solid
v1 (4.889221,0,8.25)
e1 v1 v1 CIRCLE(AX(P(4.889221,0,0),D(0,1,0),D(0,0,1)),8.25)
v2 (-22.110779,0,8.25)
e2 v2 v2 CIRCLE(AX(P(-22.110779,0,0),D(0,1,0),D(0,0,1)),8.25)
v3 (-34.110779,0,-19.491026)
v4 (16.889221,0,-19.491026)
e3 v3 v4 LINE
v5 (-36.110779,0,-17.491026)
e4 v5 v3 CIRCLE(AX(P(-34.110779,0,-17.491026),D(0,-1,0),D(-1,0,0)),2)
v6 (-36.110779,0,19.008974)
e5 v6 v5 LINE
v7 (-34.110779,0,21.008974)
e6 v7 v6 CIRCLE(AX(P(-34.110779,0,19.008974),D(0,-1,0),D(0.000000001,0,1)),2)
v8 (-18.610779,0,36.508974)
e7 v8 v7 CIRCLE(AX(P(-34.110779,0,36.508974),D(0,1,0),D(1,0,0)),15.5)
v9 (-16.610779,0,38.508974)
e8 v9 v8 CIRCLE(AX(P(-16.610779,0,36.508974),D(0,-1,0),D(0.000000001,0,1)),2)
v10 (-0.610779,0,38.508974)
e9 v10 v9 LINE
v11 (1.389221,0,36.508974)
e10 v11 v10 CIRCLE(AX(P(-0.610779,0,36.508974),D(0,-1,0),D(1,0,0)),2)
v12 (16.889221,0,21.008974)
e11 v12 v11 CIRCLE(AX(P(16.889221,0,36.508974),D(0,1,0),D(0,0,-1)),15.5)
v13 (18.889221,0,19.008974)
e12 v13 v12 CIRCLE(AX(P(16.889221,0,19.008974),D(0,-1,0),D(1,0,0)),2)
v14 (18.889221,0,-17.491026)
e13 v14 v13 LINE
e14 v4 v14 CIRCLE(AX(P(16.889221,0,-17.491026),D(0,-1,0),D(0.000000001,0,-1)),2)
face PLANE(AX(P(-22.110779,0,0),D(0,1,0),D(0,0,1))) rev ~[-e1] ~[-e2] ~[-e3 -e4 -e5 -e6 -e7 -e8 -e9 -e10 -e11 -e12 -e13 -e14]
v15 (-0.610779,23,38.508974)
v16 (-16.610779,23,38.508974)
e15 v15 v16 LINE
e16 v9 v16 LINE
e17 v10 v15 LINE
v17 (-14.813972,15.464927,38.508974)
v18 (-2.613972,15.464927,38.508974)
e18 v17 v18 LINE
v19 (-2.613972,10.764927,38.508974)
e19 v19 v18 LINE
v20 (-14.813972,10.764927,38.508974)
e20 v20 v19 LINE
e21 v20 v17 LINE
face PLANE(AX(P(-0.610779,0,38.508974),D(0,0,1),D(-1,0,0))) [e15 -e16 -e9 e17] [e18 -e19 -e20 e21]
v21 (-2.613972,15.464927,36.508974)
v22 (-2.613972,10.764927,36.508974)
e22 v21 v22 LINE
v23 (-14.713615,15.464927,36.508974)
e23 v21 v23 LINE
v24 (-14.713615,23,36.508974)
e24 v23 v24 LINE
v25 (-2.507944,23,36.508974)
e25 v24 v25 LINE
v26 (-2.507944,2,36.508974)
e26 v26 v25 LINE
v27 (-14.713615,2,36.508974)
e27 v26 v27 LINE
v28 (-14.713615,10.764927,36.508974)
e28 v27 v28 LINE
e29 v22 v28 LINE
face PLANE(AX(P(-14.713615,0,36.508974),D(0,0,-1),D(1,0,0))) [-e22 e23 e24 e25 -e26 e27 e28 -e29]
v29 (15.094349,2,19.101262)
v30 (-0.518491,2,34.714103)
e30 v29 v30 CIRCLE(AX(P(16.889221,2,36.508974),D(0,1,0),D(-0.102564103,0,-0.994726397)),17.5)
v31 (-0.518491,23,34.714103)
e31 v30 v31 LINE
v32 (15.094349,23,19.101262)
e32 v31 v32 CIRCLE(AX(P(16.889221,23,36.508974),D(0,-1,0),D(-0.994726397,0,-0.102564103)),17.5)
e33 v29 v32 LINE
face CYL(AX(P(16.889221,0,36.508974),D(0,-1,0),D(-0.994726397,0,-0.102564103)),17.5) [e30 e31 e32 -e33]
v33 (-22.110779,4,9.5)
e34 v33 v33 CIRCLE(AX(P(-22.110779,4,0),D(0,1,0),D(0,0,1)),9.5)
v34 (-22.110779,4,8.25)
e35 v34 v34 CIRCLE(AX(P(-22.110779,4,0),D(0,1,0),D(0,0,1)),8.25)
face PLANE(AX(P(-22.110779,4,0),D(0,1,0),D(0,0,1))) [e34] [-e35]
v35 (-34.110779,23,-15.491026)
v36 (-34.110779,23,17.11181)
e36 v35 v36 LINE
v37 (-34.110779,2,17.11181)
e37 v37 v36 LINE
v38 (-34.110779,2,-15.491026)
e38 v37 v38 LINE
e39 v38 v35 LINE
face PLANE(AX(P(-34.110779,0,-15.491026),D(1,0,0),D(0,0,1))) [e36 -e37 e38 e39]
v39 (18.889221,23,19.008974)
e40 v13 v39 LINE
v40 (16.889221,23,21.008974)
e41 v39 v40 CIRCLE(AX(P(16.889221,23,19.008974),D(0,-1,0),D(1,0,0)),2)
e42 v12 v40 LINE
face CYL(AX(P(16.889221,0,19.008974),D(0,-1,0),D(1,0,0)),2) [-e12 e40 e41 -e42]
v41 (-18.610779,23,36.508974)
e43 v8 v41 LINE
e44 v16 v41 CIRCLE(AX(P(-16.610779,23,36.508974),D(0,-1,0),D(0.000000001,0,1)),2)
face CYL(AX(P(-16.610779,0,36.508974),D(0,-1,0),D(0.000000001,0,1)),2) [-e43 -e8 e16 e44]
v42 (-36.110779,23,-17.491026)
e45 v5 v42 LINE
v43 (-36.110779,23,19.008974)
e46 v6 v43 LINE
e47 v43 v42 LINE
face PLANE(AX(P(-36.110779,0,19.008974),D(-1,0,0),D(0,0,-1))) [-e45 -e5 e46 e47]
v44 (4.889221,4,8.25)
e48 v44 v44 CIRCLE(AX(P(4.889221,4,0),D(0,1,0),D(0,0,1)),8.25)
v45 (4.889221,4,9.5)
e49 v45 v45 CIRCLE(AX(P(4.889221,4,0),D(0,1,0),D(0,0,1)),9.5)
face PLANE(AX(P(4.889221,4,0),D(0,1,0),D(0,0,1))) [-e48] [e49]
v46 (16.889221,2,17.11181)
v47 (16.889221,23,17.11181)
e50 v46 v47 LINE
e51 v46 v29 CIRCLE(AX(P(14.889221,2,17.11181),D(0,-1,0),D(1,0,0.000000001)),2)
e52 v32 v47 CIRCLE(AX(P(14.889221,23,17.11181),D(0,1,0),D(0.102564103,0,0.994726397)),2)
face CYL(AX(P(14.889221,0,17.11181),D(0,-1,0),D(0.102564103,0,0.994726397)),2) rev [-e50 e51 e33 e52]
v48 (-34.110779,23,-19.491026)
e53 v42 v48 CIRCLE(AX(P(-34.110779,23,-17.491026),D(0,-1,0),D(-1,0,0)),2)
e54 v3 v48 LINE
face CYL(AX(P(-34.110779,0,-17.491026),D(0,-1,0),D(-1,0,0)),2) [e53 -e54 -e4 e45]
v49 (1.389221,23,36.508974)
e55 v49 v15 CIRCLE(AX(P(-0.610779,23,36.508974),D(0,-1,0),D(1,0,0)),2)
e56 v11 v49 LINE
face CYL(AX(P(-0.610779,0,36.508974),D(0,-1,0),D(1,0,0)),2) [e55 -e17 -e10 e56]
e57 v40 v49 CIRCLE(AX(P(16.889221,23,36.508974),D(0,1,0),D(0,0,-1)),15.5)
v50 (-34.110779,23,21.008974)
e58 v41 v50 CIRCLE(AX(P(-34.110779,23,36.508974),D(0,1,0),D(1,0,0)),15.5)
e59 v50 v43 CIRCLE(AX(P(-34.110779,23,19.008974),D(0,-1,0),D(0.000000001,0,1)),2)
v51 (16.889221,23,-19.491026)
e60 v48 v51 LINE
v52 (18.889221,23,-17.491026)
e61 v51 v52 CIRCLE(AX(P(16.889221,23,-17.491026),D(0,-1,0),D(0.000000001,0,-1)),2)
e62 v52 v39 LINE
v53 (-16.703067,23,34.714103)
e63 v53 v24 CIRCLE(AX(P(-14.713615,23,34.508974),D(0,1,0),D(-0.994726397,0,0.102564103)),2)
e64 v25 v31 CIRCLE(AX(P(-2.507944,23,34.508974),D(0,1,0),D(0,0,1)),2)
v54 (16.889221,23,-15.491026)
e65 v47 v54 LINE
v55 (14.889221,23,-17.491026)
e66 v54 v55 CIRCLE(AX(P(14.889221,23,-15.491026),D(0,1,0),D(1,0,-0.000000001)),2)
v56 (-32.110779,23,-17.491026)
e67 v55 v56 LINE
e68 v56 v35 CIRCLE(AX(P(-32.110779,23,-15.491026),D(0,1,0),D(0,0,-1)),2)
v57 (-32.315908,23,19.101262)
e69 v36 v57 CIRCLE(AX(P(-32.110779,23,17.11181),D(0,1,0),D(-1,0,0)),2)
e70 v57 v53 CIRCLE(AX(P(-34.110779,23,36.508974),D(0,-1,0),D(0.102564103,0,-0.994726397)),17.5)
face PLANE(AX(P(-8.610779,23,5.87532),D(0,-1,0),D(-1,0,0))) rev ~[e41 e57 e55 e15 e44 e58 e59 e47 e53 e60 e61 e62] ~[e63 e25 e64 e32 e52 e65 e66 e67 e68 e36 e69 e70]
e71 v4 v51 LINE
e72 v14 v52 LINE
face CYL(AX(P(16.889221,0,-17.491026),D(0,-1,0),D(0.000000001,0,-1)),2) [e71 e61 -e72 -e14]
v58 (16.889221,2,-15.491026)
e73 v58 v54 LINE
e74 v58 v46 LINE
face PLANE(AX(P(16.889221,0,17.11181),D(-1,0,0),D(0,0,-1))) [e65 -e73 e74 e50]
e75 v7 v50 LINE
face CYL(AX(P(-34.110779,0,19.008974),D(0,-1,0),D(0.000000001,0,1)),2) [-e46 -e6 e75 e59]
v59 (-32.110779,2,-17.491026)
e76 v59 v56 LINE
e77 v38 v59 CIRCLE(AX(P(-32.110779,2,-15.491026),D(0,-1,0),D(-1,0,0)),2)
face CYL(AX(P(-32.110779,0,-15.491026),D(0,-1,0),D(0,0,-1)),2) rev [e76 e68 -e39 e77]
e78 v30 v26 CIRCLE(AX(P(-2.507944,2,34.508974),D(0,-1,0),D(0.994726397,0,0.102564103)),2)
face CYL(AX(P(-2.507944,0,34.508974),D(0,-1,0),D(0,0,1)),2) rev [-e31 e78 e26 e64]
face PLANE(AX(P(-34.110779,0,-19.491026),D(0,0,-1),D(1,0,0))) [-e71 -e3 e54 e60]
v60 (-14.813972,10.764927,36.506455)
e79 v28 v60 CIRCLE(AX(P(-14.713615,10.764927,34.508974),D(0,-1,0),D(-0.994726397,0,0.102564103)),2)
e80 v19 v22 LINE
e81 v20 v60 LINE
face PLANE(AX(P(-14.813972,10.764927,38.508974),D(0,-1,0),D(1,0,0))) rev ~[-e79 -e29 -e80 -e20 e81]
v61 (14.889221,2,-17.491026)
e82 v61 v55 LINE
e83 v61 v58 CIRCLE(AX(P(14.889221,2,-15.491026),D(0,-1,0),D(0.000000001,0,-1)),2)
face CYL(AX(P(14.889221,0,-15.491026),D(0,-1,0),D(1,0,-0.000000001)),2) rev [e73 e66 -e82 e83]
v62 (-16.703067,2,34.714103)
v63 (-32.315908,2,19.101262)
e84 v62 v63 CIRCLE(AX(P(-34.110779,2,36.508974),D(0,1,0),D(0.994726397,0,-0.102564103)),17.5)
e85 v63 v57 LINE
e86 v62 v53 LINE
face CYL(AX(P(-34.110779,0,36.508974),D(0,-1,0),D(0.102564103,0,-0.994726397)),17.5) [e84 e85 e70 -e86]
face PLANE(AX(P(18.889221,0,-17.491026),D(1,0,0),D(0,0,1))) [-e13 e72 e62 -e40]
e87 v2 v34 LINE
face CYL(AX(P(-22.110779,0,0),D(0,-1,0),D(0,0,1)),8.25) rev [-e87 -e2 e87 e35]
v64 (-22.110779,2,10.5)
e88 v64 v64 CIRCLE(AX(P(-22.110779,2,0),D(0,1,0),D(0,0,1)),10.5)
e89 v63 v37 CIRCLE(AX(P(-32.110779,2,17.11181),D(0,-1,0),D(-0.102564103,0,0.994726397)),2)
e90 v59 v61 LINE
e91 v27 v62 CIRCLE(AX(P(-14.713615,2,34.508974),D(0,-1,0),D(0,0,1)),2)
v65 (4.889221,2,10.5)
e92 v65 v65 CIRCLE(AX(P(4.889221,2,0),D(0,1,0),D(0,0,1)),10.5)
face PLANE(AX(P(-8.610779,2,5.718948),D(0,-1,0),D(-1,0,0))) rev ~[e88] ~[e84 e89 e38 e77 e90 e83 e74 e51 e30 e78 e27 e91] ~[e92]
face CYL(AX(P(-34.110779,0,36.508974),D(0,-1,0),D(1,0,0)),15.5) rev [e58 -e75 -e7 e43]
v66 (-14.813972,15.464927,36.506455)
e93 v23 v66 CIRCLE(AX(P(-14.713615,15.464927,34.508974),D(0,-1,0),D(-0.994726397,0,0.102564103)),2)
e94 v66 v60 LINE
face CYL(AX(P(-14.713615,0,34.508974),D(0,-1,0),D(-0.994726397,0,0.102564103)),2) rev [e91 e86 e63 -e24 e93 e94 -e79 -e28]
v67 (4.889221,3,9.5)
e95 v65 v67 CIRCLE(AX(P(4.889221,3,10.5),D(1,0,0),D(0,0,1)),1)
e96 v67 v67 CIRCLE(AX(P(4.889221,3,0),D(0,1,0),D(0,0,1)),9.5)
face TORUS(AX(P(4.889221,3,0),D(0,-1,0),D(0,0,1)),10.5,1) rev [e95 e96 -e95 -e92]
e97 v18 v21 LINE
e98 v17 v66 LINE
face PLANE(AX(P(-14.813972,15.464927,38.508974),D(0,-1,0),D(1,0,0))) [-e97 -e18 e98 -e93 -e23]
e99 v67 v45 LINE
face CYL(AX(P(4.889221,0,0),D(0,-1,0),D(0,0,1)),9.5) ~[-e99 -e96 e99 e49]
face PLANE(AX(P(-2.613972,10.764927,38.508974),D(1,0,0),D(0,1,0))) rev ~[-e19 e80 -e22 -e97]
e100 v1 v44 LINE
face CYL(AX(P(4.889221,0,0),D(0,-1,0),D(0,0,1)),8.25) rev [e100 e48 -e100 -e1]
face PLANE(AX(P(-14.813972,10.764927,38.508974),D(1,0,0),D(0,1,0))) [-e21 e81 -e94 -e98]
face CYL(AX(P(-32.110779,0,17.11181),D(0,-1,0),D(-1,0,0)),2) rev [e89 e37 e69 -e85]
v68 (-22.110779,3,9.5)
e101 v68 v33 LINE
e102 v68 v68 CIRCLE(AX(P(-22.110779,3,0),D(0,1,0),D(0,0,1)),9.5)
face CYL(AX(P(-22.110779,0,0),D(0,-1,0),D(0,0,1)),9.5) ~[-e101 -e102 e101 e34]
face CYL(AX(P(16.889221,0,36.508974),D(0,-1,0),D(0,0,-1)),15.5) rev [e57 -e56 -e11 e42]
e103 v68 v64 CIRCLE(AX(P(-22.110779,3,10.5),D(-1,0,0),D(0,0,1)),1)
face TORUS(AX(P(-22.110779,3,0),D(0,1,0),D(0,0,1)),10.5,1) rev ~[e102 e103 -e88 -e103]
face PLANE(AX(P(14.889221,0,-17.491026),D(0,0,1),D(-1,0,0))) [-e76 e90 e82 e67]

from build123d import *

# Parameters (mm, degrees)
SALIENTE_EXTRUIR1_DEPTH = 23
CROQUIS1_4_R            = 9.5
SALIENTE_EXTRUIR2_DEPTH = 2
CROQUIS1_6_R            = 9.5
CROQUIS1_6_R_2          = 8.25
SALIENTE_EXTRUIR3_DEPTH = 4
CROQUIS2_W              = 12.2
CROQUIS2_H              = 4.7
CORTAR_EXTRUIR4_DEPTH   = 4
REDONDEO1_R             = 1
REDONDEO2_R             = 1


with BuildPart() as part:
    # Croquis1 → Saliente-Extruir1 (new body)
    with BuildSketch(Plane(origin=(0, 0, 0), x_dir=(1, 0, 0), z_dir=(0, 1, 0))):
        with BuildLine():
            Line((16.889220689, 19.491025662), (-34.110779311, 19.491025662))
            ThreePointArc((-34.110779311, 19.491025662), (-35.524992874, 18.905239224), (-36.110779311, 17.491025662))
            Line((-36.110779311, 17.491025662), (-36.110779311, -19.008974338))
            ThreePointArc((-36.110779311, -19.008974338), (-35.524992874, -20.423187901), (-34.110779311, -21.008974338))
            ThreePointArc((-34.110779311, -21.008974338), (-23.150624203, -25.54881923), (-18.610779311, -36.508974338))
            ThreePointArc((-18.610779311, -36.508974338), (-18.024992874, -37.923187901), (-16.610779311, -38.508974338))
            Line((-16.610779311, -38.508974338), (-0.610779311, -38.508974338))
            ThreePointArc((-0.610779311, -38.508974338), (0.803434251, -37.923187901), (1.389220689, -36.508974338))
            ThreePointArc((1.389220689, -36.508974338), (5.92906558, -25.54881923), (16.889220689, -21.008974338))
            ThreePointArc((16.889220689, -21.008974338), (18.303434251, -20.423187901), (18.889220689, -19.008974338))
            Line((18.889220689, -19.008974338), (18.889220689, 17.491025662))
            ThreePointArc((18.889220689, 17.491025662), (18.303434251, 18.905239224), (16.889220689, 19.491025662))
        make_face()
        with BuildLine():
            ThreePointArc((-34.110779311, 15.491025662), (-33.524992874, 16.905239224), (-32.110779311, 17.491025662))
            Line((-32.110779311, 17.491025662), (14.889220689, 17.491025662))
            ThreePointArc((14.889220689, 17.491025662), (16.303434251, 16.905239224), (16.889220689, 15.491025662))
            Line((16.889220689, 15.491025662), (16.889220689, -17.111809597))
            ThreePointArc((16.889220689, -17.111809597), (16.374188097, -18.451537851), (15.094348894, -19.101262391))
            ThreePointArc((15.094348894, -19.101262391), (4.514852018, -24.134605668), (-0.518491259, -34.714102544))
            ThreePointArc((-0.518491259, -34.714102544), (-1.168215799, -35.993941747), (-2.507944053, -36.508974338))
            Line((-2.507944053, -36.508974338), (-14.71361457, -36.508974338))
            ThreePointArc((-14.71361457, -36.508974338), (-16.053342824, -35.993941747), (-16.703067364, -34.714102544))
            ThreePointArc((-16.703067364, -34.714102544), (-21.736410641, -24.134605668), (-32.315907517, -19.101262391))
            ThreePointArc((-32.315907517, -19.101262391), (-33.59574672, -18.451537851), (-34.110779311, -17.111809597))
            Line((-34.110779311, -17.111809597), (-34.110779311, 15.491025662))
        make_face(mode=Mode.SUBTRACT)
    extrude(amount=SALIENTE_EXTRUIR1_DEPTH)

    # Croquis1<4> → Saliente-Extruir2 (add)
    with BuildSketch(Plane(origin=(0, 0, 0), x_dir=(1, 0, 0), z_dir=(0, 1, 0))):
        with BuildLine():
            Line((14.889220689, 17.491025662), (-32.110779311, 17.491025662))
            ThreePointArc((-32.110779311, 17.491025662), (-33.524992874, 16.905239224), (-34.110779311, 15.491025662))
            Line((-34.110779311, 15.491025662), (-34.110779311, -17.111809597))
            ThreePointArc((-34.110779311, -17.111809597), (-33.59574672, -18.451537851), (-32.315907517, -19.101262391))
            ThreePointArc((-32.315907517, -19.101262391), (-21.736410641, -24.134605668), (-16.703067364, -34.714102544))
            ThreePointArc((-16.703067364, -34.714102544), (-16.053342824, -35.993941747), (-14.71361457, -36.508974338))
            Line((-14.71361457, -36.508974338), (-2.507944053, -36.508974338))
            ThreePointArc((-2.507944053, -36.508974338), (-1.168215799, -35.993941747), (-0.518491259, -34.714102544))
            ThreePointArc((-0.518491259, -34.714102544), (4.514852018, -24.134605668), (15.094348894, -19.101262391))
            ThreePointArc((15.094348894, -19.101262391), (16.374188097, -18.451537851), (16.889220689, -17.111809597))
            Line((16.889220689, -17.111809597), (16.889220689, 15.491025662))
            ThreePointArc((16.889220689, 15.491025662), (16.303434251, 16.905239224), (14.889220689, 17.491025662))
        make_face()
        with Locations((-22.110779311, 0)):
            Circle(CROQUIS1_4_R, mode=Mode.SUBTRACT)
        with Locations((4.889220689, 0)):
            Circle(CROQUIS1_4_R, mode=Mode.SUBTRACT)
    extrude(amount=SALIENTE_EXTRUIR2_DEPTH)

    # Croquis1<6> → Saliente-Extruir3 (add)
    # profile 1 of 2: a face of its own
    with BuildSketch(Plane(origin=(0, 0, 0), x_dir=(1, 0, 0), z_dir=(0, 1, 0))):
        with Locations((-22.110779311, 0)):
            Circle(CROQUIS1_6_R)
        with Locations((-22.110779311, 0)):
            Circle(CROQUIS1_6_R_2, mode=Mode.SUBTRACT)
    # profile 2 of 2: a face of its own
    with BuildSketch(Plane(origin=(0, 0, 0), x_dir=(1, 0, 0), z_dir=(0, 1, 0))):
        with Locations((4.889220689, 0)):
            Circle(CROQUIS1_6_R)
        with Locations((4.889220689, 0)):
            Circle(CROQUIS1_6_R_2, mode=Mode.SUBTRACT)
    extrude(amount=SALIENTE_EXTRUIR3_DEPTH)

    # Croquis2 → Cortar-Extruir4 (cut)
    with BuildSketch(Plane.XY.offset(38.508974338)):
        with Locations((-8.713971977, 13.114927271)):
            Rectangle(CROQUIS2_W, CROQUIS2_H)
    extrude(amount=-CORTAR_EXTRUIR4_DEPTH, mode=Mode.SUBTRACT)

    # Redondeo1
    redondeo1_edges = [part.edges().sort_by_distance(p)[0] for p in [
        (-31.610779311, 2, 0),
    ]]
    fillet(redondeo1_edges, radius=REDONDEO1_R)

    # Redondeo2
    redondeo2_edges = [part.edges().sort_by_distance(p)[0] for p in [
        (-4.610779311, 2, 0),
    ]]
    fillet(redondeo2_edges, radius=REDONDEO2_R)


solid = part.part
